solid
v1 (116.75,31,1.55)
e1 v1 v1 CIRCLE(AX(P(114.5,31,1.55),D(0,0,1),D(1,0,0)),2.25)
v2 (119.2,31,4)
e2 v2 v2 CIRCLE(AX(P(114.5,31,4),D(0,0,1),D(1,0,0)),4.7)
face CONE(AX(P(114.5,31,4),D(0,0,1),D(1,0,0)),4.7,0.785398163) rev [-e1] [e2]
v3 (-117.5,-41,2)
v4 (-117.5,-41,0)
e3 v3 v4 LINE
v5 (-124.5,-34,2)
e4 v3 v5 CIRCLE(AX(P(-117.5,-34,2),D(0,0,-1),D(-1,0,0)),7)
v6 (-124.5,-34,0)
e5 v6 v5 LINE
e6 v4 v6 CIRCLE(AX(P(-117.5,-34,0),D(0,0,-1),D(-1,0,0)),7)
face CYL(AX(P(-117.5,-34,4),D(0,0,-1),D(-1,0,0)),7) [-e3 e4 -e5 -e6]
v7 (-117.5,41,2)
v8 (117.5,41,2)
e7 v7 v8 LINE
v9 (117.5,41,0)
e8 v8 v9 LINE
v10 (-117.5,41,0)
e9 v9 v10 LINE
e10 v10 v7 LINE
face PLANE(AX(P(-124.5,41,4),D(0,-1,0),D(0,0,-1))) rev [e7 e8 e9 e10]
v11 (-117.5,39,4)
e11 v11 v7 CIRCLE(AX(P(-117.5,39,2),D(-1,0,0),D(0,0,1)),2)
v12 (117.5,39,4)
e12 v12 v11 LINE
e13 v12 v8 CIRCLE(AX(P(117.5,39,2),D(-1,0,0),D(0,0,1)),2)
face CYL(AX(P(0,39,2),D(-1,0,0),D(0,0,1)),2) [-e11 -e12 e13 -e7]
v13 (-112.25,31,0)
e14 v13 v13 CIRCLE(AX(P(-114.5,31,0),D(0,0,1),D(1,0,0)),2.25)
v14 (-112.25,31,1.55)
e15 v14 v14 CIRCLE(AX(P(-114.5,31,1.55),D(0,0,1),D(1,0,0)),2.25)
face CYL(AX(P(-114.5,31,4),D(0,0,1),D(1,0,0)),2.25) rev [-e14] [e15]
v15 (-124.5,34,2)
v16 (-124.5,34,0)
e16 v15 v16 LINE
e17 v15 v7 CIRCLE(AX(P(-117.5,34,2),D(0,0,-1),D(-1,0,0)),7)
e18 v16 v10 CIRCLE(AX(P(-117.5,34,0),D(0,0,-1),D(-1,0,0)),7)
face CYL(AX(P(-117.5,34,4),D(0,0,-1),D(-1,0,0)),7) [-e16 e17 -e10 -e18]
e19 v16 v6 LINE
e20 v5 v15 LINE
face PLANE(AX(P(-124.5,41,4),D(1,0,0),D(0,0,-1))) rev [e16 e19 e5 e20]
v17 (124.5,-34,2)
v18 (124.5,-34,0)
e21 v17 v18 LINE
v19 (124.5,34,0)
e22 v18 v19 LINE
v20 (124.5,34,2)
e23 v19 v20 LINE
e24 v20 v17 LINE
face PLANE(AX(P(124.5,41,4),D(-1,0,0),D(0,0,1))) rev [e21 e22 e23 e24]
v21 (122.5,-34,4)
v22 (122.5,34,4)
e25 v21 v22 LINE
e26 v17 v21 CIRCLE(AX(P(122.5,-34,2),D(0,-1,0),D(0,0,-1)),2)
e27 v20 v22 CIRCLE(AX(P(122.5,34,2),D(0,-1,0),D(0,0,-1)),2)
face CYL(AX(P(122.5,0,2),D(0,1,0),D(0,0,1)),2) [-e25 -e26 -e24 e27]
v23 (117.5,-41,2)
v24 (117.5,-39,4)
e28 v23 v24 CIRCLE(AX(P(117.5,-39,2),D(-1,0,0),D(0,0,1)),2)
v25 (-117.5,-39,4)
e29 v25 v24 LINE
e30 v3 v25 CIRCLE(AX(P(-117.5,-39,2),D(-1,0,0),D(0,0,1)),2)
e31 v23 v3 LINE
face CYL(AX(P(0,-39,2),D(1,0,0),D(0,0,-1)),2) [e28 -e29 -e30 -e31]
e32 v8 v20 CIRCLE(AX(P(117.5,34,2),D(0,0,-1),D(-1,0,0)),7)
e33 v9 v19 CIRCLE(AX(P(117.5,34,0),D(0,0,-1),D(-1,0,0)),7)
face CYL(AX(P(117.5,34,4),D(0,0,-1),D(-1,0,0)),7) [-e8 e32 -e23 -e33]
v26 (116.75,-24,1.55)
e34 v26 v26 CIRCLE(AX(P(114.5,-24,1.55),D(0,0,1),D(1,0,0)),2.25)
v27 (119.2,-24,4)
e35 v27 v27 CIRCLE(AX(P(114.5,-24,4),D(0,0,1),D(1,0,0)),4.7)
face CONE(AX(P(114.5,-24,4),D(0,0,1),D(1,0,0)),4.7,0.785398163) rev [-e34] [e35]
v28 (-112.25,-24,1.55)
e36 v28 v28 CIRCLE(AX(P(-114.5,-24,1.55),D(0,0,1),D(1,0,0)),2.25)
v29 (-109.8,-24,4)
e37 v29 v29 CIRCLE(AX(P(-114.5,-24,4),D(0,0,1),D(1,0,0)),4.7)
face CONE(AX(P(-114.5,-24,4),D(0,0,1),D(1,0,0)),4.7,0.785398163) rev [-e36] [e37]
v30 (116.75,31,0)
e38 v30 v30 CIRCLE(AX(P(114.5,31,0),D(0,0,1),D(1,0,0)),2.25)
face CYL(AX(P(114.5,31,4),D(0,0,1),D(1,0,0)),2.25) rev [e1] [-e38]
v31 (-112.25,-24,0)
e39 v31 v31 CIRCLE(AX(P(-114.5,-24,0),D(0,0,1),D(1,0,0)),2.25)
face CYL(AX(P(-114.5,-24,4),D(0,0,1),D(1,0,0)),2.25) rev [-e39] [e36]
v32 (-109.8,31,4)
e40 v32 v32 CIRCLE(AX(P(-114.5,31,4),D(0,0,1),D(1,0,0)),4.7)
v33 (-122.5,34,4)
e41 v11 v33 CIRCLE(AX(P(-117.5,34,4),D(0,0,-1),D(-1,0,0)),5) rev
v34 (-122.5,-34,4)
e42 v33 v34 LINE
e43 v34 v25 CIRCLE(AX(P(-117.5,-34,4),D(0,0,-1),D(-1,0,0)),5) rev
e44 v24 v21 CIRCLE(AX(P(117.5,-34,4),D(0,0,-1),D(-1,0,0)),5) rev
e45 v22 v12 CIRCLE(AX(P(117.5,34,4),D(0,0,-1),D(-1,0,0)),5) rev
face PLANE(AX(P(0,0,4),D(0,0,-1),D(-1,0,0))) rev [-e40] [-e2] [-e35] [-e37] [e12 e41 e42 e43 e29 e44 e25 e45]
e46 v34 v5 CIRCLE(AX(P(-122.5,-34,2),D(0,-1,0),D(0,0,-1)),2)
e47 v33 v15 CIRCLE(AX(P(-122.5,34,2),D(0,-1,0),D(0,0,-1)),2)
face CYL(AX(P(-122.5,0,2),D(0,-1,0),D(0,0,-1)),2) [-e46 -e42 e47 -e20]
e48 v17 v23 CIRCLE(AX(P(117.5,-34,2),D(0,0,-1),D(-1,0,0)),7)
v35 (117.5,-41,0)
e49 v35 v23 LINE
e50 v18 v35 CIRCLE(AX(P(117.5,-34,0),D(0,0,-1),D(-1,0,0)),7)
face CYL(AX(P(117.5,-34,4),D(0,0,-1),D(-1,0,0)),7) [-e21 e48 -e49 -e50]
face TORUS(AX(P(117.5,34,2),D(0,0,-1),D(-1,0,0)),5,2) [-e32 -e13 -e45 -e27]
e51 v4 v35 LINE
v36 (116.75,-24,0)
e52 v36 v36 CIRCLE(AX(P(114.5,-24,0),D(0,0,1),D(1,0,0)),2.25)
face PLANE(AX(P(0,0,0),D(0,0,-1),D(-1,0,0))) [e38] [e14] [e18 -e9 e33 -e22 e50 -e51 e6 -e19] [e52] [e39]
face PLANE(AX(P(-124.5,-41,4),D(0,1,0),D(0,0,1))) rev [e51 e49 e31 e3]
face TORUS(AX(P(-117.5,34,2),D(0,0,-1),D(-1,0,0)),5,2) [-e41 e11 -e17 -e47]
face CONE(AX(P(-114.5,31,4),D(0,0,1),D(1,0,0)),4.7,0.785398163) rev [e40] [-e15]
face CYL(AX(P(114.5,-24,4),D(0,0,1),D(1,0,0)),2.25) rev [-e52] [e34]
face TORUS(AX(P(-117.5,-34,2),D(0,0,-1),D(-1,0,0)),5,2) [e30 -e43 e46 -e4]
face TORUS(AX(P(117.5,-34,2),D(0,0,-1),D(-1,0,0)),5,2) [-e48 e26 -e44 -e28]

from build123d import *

# Parameters (mm, degrees)
ESQUISSE1_W                                 = 249
ESQUISSE1_H                                 = 82
BOSS_EXTRU_1_DEPTH                          = 4
FRAISAGE_POUR_VIS_T_TE_FRAIS_E_M42_AT_COUNT = 2
FRAISAGE_POUR_VIS_T_TE_FRAIS_E_M42_AT_PITCH = 55
FRAISAGE_POUR_VIS_T_TE_FRAIS_E_M42_2_COUNT  = 2
FRAISAGE_POUR_VIS_T_TE_FRAIS_E_M42_2_PITCH  = 229
FRAISAGE_POUR_VIS_T_TE_FRAIS_E_M42_3_COUNT  = 2
FRAISAGE_POUR_VIS_T_TE_FRAIS_E_M42_3_PITCH  = 235.512207752
CONG_1_R                                    = 7
CONG_2_R                                    = 2


with BuildPart() as part:
    # Esquisse1 → Boss.-Extru.1 (new body)
    with BuildSketch(Plane.XY):
        Rectangle(ESQUISSE1_W, ESQUISSE1_H)
    extrude(amount=BOSS_EXTRU_1_DEPTH)

    # Esquisse6 → Fraisage pour vis à tête fraisée M42 (revolve, cut)
    with BuildSketch(Plane(origin=(-114.5, -24, 4), x_dir=(0, -1, 0), z_dir=(1, 0, 0))):
        Polygon((0, 0), (0, 4), (2.25, 4), (2.25, 2.45), (4.7, 0), align=None)
    fraisage_pour_vis_t_te_frais_e_m42 = revolve(axis=Axis((-114.5, -24, 10.35), (0, 0, -1)), mode=Mode.SUBTRACT)

    # Fraisage pour vis à tête fraisée M42 at: Fraisage pour vis à tête fraisée M42 ×2
    with Locations(*[(0, i * FRAISAGE_POUR_VIS_T_TE_FRAIS_E_M42_AT_PITCH, 0) for i in range(1, FRAISAGE_POUR_VIS_T_TE_FRAIS_E_M42_AT_COUNT)]):
        add(fraisage_pour_vis_t_te_frais_e_m42, mode=Mode.SUBTRACT)

    # Fraisage pour vis _ t_te frais_e M42 2: Fraisage pour vis à tête fraisée M42 ×2
    with Locations(*[(i * FRAISAGE_POUR_VIS_T_TE_FRAIS_E_M42_2_PITCH, 0, 0) for i in range(1, FRAISAGE_POUR_VIS_T_TE_FRAIS_E_M42_2_COUNT)]):
        add(fraisage_pour_vis_t_te_frais_e_m42, mode=Mode.SUBTRACT)

    # Fraisage pour vis _ t_te frais_e M42 3: Fraisage pour vis à tête fraisée M42 ×2
    with Locations(*[Vector(0.972348747, 0.233533542, 0) * (i * FRAISAGE_POUR_VIS_T_TE_FRAIS_E_M42_3_PITCH) for i in range(1, FRAISAGE_POUR_VIS_T_TE_FRAIS_E_M42_3_COUNT)]):
        add(fraisage_pour_vis_t_te_frais_e_m42, mode=Mode.SUBTRACT)

    # Congé1
    cong_1_edges = [part.edges().sort_by_distance(p)[0] for p in [
        (124.5, 41, 2),
        (124.5, -41, 2),
        (-124.5, -41, 2),
        (-124.5, 41, 2),
    ]]
    fillet(cong_1_edges, radius=CONG_1_R)

    # Congé2
    cong_2_edges = [part.edges().sort_by_distance(p)[0] for p in [
        (0, 41, 4),
        (124.5, 0, 4),
        (-124.5, 0, 4),
        (0, -41, 4),
        (-122.449747468, 38.949747468, 4),
        (-122.449747468, -38.949747468, 4),
        (122.449747468, -38.949747468, 4),
        (122.449747468, 38.949747468, 4),
    ]]
    fillet(cong_2_edges, radius=CONG_2_R)


solid = part.part
